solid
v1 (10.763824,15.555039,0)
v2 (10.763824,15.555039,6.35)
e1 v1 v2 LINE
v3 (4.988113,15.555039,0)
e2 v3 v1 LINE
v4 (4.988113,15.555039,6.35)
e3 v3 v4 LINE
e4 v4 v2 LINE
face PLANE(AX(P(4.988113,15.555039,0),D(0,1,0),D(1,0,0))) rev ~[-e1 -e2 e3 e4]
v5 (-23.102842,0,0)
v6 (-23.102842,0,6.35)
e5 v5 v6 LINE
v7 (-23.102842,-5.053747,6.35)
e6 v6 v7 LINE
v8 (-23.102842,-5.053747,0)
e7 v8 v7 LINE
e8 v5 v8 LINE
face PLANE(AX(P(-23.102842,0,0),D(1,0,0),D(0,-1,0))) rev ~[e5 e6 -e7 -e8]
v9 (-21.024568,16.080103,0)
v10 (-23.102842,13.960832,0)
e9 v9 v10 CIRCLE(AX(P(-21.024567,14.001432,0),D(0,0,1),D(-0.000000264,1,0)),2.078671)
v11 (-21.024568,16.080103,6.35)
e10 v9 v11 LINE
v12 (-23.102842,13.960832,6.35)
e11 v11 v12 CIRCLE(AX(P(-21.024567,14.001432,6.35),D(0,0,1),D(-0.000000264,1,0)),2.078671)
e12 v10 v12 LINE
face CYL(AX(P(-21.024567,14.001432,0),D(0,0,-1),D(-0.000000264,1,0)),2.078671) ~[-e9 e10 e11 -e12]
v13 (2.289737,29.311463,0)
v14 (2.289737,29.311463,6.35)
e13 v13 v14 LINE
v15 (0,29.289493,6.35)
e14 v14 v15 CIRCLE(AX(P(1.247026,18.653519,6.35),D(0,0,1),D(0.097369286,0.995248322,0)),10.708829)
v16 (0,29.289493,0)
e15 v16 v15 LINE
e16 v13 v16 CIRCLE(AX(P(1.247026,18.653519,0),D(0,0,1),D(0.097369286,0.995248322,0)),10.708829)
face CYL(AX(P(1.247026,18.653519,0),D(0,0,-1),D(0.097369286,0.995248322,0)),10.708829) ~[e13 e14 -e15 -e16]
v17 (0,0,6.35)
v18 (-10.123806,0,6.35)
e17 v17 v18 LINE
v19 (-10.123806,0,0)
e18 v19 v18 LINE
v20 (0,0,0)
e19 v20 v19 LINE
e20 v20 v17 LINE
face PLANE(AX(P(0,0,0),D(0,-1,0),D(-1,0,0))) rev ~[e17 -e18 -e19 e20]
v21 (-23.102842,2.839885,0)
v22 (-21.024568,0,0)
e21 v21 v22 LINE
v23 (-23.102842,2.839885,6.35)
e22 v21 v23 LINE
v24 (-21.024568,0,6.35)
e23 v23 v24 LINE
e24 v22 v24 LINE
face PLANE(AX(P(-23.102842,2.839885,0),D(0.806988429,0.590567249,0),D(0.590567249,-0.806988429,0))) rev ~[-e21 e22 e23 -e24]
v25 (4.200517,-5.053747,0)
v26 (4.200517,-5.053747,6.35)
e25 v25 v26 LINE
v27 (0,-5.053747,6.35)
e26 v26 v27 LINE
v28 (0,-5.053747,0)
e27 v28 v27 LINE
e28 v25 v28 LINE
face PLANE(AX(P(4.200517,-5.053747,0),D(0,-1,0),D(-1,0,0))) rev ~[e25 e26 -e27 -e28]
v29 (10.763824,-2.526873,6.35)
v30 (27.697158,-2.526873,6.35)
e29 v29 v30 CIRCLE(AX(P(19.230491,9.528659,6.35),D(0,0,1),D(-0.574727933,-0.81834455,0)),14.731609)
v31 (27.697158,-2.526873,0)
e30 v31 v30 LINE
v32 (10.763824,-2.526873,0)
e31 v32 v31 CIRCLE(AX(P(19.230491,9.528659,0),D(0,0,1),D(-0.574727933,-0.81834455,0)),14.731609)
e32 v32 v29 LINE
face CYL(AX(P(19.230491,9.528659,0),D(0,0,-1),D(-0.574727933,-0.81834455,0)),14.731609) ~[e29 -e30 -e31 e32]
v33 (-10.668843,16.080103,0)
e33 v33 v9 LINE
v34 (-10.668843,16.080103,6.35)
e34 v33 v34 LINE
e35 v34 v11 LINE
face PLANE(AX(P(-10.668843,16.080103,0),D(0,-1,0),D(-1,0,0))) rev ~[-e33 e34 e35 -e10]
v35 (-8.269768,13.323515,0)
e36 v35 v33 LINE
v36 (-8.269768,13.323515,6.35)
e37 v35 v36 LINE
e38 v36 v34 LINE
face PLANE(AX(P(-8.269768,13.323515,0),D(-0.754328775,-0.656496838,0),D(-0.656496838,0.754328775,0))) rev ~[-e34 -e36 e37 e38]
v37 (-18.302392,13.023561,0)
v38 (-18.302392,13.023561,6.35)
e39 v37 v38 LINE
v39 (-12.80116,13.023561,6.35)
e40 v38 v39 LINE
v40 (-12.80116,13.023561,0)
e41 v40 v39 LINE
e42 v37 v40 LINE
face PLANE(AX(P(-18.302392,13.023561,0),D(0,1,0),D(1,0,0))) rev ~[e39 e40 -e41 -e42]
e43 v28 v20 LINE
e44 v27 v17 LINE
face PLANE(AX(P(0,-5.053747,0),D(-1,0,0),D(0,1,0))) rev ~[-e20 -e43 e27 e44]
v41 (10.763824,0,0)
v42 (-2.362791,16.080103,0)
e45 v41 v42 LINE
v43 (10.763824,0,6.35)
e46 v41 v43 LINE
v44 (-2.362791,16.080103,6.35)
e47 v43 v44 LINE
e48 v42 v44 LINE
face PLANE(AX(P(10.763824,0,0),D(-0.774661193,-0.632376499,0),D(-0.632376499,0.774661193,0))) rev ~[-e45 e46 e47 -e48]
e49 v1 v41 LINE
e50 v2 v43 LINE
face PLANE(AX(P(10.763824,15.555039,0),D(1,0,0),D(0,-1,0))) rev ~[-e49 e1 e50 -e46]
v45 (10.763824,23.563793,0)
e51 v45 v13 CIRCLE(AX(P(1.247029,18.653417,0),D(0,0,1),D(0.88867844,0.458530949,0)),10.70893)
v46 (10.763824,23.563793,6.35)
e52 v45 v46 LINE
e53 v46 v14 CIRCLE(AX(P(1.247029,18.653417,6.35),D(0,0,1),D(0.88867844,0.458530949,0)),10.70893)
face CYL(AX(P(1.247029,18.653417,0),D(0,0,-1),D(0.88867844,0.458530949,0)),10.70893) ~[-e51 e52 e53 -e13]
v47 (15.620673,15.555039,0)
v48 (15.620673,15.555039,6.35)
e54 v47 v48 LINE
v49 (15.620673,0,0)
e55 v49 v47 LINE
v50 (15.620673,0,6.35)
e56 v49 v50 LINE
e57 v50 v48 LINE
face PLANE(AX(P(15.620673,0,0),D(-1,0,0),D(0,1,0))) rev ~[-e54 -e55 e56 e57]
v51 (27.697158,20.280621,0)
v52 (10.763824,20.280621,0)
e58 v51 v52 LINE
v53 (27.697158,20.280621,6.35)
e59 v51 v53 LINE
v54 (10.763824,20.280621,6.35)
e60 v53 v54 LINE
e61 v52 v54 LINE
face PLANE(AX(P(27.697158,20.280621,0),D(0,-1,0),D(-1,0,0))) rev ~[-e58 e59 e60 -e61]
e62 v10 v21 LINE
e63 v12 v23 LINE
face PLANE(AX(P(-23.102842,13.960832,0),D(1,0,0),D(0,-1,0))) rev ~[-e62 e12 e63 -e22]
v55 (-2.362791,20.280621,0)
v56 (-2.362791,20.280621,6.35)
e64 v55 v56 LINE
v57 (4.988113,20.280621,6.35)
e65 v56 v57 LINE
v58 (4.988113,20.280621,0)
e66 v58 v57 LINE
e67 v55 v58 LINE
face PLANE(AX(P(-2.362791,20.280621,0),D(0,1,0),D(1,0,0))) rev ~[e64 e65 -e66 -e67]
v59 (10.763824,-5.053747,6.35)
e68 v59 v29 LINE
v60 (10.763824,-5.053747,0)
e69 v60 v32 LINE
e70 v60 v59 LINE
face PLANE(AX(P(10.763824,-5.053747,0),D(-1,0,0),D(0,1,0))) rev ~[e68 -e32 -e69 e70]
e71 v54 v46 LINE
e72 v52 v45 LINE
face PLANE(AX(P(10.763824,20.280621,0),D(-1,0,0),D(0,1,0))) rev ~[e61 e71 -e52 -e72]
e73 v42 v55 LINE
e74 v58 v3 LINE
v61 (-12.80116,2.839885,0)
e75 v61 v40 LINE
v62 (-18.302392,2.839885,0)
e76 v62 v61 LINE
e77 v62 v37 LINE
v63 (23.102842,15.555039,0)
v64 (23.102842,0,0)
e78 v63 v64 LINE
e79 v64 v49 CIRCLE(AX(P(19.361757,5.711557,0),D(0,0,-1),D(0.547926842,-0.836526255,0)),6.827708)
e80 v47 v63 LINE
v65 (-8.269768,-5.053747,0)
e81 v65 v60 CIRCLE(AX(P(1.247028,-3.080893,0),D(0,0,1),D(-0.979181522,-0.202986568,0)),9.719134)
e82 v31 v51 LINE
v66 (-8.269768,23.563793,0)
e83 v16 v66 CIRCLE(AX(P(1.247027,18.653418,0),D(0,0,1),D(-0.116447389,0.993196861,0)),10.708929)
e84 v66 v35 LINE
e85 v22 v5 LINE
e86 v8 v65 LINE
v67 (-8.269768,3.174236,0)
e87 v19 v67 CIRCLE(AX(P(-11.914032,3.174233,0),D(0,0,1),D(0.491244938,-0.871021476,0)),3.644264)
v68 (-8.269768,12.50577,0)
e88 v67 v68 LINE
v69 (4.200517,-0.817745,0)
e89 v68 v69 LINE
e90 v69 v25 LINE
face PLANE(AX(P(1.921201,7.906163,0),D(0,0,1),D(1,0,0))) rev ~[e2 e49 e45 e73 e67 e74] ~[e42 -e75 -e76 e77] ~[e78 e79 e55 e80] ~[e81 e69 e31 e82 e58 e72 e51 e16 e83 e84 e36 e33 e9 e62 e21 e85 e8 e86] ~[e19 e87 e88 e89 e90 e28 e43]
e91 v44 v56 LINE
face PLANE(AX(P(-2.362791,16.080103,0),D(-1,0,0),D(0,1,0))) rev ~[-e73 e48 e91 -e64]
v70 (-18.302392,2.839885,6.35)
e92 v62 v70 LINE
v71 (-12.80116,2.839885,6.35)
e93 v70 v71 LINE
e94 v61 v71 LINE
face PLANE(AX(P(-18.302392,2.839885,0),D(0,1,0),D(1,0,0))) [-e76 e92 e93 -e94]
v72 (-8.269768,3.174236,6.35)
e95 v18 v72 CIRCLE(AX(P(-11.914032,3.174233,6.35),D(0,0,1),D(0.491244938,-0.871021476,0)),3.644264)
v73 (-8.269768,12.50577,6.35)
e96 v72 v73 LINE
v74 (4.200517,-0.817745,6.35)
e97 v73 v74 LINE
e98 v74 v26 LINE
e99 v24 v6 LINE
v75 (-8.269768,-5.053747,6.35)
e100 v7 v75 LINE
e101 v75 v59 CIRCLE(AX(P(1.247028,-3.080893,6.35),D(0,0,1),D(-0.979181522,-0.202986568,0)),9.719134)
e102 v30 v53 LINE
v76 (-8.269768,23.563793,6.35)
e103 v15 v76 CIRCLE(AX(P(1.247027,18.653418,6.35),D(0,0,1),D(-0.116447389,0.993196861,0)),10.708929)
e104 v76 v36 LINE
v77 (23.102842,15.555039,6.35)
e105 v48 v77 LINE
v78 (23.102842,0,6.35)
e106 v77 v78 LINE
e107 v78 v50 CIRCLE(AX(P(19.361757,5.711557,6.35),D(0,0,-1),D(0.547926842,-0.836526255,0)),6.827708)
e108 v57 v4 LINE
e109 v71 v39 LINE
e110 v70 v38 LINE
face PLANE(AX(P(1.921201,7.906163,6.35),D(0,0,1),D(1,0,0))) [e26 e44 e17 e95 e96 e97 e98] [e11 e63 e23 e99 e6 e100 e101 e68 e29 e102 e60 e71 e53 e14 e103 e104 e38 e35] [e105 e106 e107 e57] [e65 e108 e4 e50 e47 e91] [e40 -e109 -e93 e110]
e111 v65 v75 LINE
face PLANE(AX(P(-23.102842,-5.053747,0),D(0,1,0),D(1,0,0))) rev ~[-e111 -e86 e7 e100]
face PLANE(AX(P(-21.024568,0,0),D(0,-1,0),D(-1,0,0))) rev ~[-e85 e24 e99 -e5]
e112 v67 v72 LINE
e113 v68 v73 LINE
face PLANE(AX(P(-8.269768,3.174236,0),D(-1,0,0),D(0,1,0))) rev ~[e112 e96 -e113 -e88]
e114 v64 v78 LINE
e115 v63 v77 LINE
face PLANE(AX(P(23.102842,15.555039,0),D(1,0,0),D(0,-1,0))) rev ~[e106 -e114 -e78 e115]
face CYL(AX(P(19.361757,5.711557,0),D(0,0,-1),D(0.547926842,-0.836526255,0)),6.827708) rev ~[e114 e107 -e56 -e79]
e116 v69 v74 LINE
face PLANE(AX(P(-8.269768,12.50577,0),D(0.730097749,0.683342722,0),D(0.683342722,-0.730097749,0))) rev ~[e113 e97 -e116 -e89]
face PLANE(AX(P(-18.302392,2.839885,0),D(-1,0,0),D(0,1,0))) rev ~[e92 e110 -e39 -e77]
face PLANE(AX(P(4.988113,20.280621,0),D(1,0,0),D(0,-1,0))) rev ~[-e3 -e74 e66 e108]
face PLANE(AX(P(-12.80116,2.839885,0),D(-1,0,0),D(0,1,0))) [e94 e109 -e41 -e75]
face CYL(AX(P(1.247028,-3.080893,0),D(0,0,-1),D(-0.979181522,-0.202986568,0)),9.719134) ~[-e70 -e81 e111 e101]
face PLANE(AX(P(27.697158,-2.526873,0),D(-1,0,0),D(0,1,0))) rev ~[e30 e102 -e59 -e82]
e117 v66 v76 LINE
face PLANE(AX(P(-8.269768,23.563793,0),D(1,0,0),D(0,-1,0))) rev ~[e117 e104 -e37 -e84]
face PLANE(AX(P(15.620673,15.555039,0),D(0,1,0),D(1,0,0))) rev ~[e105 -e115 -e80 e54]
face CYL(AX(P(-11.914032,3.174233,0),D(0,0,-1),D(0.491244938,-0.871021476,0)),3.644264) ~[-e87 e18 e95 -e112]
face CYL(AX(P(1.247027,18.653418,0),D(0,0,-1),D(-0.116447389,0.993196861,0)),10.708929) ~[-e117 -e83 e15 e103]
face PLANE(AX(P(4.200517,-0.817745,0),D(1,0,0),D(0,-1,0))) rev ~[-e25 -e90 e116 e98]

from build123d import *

# Parameters (mm, degrees)
F0_W     = 5.501232
F0_H     = 10.183676
F1_DEPTH = 6.35


with BuildPart() as f1:
    # F0 (on Top) → F1 (new body)
    with BuildSketch(Plane.XY):
        with BuildLine():
            Line((-21.024568, 0), (-23.102842, 0))
            Line((-23.102842, 0), (-23.102842, -5.053747))
            Line((-23.102842, -5.053747), (-8.269768, -5.053747))
            ThreePointArc((-8.269768, -5.053747), (1.247028, -12.800027), (10.763824, -5.053747))
            Line((10.763824, -5.053747), (10.763824, -2.526873))
            ThreePointArc((10.763824, -2.526873), (19.230491, -5.20295), (27.697158, -2.526873))
            Line((27.697158, -2.526873), (27.697158, 15.555039))
            Line((27.697158, 15.555039), (27.697158, 20.280621))
            Line((27.697158, 20.280621), (10.763824, 20.280621))
            Line((10.763824, 20.280621), (10.763824, 23.563793))
            ThreePointArc((10.763824, 23.563793), (7.258244, 27.516062), (2.289737, 29.311463))
            ThreePointArc((2.289737, 29.311463), (1.14428, 29.361855), (0, 29.289493))
            ThreePointArc((0, 29.289493), (-4.848945, 27.457979), (-8.269768, 23.563793))
            Line((-8.269768, 23.563793), (-8.269768, 13.323515))
            Line((-8.269768, 13.323515), (-10.668843, 16.080103))
            Line((-10.668843, 16.080103), (-15.686305, 16.080103))
            Line((-15.686305, 16.080103), (-20.0435, 16.080103))
            Line((-20.0435, 16.080103), (-21.024568, 16.080103))
            ThreePointArc((-21.024568, 16.080103), (-22.508695, 15.456849), (-23.102842, 13.960832))
            Line((-23.102842, 13.960832), (-23.102842, 12.142118))
            Line((-23.102842, 12.142118), (-23.102842, 8.040052))
            Line((-23.102842, 8.040052), (-23.102842, 2.839885))
            Line((-23.102842, 2.839885), (-21.024568, 0))
        make_face()
        with Locations((-15.551776, 7.931723)):
            Rectangle(F0_W, F0_H, mode=Mode.SUBTRACT)
        with BuildLine():
            Line((0, -5.053747), (0, 0))
            Line((0, 0), (-8.269768, 0))
            Line((-8.269768, 0), (-10.123806, 0))
            ThreePointArc((-10.123806, 0), (-8.76723, 1.336218), (-8.269768, 3.174236))
            Line((-8.269768, 3.174236), (-8.269768, 12.50577))
            Line((-8.269768, 12.50577), (4.200517, -0.817745))
            Line((4.200517, -0.817745), (4.200517, -5.053747))
            Line((4.200517, -5.053747), (0, -5.053747))
        make_face(mode=Mode.SUBTRACT)
        with BuildLine():
            Line((15.620673, 15.555039), (23.102842, 15.555039))
            Line((23.102842, 15.555039), (23.102842, 0))
            ThreePointArc((23.102842, 0), (19.361757, -1.116151), (15.620673, 0))
            Line((15.620673, 0), (15.620673, 15.555039))
        make_face(mode=Mode.SUBTRACT)
        Polygon((10.763824, 15.555039), (10.763824, 0), (-2.362791, 16.080103), (-2.362791, 20.280621), (4.988113, 20.280621), (4.988113, 15.555039), align=None, mode=Mode.SUBTRACT)
    extrude(amount=F1_DEPTH)


solid = f1.part
